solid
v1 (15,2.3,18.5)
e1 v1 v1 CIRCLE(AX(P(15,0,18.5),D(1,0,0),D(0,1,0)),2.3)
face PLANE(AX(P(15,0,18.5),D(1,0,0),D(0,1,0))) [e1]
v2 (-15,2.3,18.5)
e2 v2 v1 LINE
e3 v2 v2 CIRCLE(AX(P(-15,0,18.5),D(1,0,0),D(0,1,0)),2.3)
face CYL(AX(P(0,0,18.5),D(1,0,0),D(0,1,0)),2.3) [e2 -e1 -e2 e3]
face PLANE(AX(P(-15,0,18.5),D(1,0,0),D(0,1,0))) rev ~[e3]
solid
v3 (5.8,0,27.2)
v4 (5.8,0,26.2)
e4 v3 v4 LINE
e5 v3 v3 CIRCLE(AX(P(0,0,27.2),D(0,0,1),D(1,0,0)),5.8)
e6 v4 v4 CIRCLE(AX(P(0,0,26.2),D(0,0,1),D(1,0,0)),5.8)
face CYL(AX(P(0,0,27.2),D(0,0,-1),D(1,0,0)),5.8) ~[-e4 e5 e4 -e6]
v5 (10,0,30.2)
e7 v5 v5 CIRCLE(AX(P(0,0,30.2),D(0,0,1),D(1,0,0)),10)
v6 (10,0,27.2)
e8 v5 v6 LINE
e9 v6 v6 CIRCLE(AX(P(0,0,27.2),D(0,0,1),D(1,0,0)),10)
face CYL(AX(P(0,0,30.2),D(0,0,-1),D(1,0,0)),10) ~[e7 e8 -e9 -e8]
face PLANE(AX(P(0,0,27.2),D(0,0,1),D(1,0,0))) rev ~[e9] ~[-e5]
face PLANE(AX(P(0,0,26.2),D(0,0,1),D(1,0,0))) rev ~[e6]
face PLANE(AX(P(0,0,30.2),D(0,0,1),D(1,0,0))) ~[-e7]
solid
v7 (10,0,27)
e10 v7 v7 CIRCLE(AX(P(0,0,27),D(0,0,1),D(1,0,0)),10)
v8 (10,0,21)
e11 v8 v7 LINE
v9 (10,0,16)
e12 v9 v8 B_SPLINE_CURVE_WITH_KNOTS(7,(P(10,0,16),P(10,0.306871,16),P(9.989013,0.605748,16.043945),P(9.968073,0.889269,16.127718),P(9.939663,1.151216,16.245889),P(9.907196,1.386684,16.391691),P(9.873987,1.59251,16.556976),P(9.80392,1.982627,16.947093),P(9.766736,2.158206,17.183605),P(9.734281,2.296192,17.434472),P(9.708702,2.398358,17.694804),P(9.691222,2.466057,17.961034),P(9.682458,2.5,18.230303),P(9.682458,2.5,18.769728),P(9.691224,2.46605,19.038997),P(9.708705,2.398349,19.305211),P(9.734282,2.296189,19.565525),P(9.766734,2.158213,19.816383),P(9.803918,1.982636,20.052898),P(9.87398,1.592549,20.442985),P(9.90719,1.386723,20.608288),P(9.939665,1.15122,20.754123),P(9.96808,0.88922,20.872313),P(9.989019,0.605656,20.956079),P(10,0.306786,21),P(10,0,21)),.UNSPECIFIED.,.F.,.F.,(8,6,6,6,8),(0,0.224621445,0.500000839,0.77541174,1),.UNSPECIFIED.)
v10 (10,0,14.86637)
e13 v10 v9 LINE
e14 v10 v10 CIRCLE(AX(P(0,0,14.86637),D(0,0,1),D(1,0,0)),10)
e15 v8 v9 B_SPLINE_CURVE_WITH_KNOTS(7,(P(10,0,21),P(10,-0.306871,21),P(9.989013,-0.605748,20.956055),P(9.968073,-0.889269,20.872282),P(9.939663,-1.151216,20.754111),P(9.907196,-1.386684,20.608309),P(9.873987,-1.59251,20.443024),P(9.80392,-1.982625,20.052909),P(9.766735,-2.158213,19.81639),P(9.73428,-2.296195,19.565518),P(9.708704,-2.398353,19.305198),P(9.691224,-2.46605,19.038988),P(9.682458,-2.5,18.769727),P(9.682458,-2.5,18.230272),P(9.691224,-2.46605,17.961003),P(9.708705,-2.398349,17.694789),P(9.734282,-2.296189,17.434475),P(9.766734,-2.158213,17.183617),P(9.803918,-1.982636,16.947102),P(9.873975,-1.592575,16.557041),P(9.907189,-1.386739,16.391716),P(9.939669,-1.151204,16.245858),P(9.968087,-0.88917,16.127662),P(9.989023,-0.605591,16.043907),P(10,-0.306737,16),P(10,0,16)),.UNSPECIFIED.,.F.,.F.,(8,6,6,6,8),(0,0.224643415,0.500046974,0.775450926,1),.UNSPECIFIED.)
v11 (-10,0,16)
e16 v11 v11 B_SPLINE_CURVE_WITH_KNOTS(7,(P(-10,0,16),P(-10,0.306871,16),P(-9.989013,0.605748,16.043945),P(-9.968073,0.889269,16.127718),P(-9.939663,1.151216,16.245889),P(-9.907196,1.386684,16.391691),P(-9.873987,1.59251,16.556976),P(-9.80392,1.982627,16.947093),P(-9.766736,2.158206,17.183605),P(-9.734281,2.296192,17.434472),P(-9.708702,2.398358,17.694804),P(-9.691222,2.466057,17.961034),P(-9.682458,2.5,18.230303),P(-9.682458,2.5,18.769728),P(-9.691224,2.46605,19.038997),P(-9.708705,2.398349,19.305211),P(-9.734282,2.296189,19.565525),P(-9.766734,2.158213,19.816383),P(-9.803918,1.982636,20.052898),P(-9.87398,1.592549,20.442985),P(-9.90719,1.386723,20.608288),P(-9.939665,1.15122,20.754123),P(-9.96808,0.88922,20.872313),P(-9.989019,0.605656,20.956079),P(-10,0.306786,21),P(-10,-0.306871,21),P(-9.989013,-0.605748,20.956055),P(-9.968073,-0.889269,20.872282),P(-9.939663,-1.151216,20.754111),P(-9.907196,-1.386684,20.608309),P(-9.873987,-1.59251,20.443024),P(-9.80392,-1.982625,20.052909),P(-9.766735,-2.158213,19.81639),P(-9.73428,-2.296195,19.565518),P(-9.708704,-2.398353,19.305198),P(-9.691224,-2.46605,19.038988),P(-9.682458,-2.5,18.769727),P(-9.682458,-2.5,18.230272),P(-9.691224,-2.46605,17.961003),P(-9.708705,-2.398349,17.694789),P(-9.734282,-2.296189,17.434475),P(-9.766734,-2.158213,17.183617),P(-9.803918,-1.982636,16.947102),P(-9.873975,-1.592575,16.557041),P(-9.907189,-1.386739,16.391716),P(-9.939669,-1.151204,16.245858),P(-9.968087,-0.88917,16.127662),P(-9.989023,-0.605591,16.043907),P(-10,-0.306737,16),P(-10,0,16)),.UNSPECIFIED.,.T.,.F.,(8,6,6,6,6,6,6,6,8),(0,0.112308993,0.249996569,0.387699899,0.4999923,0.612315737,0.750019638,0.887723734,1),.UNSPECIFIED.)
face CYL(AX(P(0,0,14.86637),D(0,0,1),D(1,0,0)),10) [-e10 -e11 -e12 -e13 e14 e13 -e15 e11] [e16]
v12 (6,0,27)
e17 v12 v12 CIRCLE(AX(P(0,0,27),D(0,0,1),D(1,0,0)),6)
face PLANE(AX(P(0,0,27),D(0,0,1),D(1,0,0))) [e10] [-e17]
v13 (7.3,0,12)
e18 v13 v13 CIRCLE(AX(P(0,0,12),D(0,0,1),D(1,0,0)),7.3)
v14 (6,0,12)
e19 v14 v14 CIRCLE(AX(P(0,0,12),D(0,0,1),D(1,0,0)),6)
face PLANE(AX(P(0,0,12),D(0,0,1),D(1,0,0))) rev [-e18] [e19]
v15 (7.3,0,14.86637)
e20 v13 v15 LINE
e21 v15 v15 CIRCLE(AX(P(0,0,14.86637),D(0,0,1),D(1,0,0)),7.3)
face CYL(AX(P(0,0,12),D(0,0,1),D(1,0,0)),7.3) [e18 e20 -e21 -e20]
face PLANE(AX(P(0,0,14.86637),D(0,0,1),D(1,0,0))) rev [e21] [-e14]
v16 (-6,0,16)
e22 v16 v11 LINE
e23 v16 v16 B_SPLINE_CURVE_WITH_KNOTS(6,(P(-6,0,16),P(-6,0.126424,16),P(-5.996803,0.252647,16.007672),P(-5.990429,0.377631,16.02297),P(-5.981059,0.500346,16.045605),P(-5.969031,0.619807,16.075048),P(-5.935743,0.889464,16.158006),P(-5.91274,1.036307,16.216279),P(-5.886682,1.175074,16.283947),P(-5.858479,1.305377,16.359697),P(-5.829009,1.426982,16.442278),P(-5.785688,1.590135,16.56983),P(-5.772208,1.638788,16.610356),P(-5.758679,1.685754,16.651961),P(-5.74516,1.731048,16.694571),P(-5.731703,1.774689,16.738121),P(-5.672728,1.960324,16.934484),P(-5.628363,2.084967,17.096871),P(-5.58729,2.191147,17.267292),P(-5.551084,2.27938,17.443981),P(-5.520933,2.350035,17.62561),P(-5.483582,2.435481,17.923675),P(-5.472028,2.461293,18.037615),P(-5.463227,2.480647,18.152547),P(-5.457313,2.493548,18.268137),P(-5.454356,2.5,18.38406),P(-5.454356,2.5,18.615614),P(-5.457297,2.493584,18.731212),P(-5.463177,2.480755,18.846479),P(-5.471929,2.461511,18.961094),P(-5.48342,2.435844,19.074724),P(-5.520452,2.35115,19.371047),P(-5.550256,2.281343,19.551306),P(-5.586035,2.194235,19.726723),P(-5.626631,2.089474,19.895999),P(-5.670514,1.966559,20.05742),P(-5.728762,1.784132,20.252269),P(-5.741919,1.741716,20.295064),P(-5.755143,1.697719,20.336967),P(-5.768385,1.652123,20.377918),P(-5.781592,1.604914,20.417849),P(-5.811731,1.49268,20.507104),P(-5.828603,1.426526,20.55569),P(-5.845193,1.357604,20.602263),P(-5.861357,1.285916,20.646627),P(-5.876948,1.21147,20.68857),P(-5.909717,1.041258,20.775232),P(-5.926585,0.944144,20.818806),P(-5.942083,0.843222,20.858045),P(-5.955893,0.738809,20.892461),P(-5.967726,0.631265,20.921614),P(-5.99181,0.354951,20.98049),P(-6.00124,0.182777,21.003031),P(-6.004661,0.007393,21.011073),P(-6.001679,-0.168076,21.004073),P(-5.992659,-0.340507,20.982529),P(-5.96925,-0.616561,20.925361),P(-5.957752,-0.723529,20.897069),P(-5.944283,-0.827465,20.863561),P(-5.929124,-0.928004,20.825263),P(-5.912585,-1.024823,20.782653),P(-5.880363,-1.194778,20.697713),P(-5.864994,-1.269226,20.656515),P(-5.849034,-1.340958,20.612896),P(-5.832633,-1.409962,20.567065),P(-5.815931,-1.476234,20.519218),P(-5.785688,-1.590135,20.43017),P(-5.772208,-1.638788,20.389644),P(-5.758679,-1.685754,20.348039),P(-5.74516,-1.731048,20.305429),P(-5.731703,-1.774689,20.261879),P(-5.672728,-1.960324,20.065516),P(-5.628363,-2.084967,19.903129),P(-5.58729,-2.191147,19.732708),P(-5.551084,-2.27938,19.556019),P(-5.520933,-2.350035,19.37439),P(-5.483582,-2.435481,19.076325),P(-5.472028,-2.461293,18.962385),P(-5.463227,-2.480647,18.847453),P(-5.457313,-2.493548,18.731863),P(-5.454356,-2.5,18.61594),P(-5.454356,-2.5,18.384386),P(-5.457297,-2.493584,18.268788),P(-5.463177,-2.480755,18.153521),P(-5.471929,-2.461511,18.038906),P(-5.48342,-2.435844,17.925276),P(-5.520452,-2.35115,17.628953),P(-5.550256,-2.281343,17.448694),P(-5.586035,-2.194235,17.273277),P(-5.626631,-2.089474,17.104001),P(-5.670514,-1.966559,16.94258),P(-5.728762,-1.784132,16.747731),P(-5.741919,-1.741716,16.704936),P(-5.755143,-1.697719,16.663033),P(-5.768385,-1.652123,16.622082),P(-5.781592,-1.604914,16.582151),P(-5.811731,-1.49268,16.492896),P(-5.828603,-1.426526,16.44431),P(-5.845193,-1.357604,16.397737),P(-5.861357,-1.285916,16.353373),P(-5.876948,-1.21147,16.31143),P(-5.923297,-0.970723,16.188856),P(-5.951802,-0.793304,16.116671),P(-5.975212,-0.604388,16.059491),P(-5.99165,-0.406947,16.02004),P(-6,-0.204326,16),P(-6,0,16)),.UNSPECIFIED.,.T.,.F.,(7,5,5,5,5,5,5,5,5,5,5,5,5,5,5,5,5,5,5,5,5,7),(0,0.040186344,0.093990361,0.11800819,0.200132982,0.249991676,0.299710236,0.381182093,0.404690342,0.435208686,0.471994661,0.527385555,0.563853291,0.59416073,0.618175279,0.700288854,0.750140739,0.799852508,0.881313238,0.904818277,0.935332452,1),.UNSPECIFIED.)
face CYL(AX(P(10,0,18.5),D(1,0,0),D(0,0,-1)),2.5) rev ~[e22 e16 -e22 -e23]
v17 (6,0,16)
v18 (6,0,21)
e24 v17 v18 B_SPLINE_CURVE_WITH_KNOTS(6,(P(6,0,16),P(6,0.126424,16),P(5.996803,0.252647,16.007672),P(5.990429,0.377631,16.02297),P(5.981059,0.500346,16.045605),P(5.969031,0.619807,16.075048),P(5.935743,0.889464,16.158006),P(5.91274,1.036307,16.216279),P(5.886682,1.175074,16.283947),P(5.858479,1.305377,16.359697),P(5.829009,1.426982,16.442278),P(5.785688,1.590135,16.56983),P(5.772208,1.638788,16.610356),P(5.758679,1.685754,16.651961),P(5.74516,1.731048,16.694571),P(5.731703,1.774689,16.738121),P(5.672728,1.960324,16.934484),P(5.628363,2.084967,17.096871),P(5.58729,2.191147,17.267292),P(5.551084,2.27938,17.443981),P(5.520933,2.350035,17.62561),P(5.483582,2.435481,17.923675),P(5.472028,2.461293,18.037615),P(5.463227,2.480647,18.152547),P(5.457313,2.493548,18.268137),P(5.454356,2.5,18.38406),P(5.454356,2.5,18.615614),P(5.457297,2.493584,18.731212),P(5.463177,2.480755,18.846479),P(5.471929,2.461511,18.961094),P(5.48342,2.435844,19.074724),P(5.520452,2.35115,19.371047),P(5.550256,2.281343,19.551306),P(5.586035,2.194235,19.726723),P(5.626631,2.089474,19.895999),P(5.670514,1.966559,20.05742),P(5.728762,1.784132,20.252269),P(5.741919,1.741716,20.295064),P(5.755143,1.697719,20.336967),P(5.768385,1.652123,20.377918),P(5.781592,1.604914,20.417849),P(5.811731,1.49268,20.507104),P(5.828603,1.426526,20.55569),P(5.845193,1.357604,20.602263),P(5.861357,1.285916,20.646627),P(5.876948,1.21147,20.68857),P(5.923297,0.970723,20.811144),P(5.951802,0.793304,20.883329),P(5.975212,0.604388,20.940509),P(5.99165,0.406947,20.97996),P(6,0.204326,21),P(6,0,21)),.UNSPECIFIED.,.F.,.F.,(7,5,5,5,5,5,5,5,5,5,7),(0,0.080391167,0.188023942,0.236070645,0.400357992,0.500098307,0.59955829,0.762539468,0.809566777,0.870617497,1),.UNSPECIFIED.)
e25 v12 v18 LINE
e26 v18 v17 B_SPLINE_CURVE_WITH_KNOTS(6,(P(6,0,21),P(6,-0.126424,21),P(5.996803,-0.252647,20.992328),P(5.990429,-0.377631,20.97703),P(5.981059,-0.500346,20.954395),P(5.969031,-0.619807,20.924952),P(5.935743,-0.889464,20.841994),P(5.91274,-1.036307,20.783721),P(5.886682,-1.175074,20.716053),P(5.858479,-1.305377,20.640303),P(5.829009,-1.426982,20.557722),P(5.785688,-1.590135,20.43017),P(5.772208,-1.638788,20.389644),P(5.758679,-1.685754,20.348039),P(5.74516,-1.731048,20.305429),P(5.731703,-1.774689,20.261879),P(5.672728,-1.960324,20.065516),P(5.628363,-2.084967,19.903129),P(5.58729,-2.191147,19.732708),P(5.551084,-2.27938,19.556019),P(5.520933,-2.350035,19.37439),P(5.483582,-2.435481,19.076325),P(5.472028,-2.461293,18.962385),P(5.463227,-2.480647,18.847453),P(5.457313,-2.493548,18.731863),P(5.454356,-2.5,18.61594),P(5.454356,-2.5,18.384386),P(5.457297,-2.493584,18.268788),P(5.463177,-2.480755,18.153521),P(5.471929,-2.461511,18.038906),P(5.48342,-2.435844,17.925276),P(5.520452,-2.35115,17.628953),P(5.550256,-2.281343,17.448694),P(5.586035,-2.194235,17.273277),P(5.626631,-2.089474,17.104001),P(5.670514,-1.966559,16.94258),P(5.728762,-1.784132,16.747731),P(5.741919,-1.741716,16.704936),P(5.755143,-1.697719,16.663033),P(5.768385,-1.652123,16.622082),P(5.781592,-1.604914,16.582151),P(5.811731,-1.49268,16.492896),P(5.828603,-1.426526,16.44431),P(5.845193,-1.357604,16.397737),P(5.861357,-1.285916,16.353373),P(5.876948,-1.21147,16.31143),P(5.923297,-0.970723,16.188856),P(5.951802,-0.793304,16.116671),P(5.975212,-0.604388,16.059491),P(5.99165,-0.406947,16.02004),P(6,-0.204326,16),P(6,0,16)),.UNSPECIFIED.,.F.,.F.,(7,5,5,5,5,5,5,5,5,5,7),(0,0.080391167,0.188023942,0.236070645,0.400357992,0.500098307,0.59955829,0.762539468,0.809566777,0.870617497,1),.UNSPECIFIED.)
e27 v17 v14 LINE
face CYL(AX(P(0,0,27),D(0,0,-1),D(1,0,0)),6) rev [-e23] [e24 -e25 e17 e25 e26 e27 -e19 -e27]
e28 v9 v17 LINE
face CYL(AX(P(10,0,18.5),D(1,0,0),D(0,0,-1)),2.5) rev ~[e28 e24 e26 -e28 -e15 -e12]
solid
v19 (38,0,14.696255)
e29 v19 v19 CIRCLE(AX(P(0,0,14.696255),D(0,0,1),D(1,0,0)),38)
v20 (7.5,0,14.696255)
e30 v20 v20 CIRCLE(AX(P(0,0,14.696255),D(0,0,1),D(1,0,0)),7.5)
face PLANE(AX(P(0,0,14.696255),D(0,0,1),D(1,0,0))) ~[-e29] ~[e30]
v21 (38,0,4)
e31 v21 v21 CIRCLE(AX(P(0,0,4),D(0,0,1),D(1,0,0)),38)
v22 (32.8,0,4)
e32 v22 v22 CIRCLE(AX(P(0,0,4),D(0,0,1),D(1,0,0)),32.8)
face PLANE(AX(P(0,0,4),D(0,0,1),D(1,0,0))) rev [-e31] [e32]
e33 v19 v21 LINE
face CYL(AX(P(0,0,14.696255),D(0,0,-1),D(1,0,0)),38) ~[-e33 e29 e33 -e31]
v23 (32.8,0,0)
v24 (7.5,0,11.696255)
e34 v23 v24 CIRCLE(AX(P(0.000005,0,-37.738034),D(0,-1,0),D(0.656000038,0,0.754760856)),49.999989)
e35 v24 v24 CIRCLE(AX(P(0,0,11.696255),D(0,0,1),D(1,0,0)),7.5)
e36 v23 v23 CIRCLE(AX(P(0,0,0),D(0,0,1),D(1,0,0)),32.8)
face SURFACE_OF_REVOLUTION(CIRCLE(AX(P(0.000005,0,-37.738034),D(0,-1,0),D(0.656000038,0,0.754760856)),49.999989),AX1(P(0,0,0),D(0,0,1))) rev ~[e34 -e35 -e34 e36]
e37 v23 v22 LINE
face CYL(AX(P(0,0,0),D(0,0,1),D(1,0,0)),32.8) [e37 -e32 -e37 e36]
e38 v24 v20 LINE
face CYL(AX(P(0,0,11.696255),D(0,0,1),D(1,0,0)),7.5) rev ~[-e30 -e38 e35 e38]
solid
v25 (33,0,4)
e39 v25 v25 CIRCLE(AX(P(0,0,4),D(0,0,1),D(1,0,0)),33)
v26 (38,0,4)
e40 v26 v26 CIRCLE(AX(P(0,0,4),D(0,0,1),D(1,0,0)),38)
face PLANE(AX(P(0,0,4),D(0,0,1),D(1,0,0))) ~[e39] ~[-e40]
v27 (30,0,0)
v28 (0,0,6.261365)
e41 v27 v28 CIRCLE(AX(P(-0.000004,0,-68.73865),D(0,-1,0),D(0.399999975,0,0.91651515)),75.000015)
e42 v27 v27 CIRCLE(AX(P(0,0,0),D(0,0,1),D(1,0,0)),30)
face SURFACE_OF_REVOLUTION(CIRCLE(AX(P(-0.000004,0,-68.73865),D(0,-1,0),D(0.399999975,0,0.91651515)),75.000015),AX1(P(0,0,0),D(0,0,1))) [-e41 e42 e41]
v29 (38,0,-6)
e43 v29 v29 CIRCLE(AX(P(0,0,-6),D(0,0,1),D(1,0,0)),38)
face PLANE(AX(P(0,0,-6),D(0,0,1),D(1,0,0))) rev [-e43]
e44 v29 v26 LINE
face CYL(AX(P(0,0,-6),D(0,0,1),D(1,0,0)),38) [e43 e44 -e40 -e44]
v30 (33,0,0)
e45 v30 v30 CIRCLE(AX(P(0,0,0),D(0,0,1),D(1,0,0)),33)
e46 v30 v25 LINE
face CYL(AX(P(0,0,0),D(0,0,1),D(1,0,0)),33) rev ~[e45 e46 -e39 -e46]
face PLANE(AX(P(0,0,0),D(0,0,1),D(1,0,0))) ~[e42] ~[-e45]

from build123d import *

# Parameters (mm, degrees)
SKETCH003_R  = 2.5
POCKET_DEPTH = 50
SKETCH004_R  = 2.3
PAD_DEPTH    = 15


with BuildPart() as body:
    # Sketch → Revolution (revolve)
    with BuildSketch(Plane.XZ):
        with BuildLine():
            ThreePointArc((30, 0), (15.323223, 4.679338), (0, 6.261365))
            Line((0, 6.261365), (0, -6))
            Line((0, -6), (38, -6))
            Line((38, -6), (38, 4))
            Line((33, 4), (38, 4))
            Line((33, 0), (33, 4))
            Line((30, 0), (33, 0))
        make_face()
    revolve(axis=Axis((0, 0, 0), (0, 0, 1)))


with BuildPart() as body001:
    # Sketch001 → Revolution001 (revolve)
    with BuildSketch(Plane.XZ):
        with BuildLine():
            ThreePointArc((32.8, 0), (20.981494, 7.646721), (7.5, 11.696255))
            Line((7.5, 11.696255), (7.5, 14.696255))
            Line((7.5, 14.696255), (38, 14.696255))
            Line((38, 14.696255), (38, 4))
            Line((32.8, 4), (38, 4))
            Line((32.8, 0), (32.8, 4))
        make_face()
    revolve(axis=Axis((0, 0, 0), (0, 0, 1)))


with BuildPart() as body002:
    # Sketch002 → Revolution002 (revolve)
    with BuildSketch(Plane.XZ):
        Polygon((6, 27), (6, 12), (7.3, 12), (7.3, 14.86637), (10, 14.86637), (10, 27), align=None)
    revolve(axis=Axis((0, 0, 0), (0, 0, 1)))

    # Sketch003 (on DatumPlane) → Pocket (cut)
    with BuildSketch(Plane(origin=(10, 0, 27), x_dir=(0, 0, -1), z_dir=(1, 0, 0))):
        with Locations((8.5, 0)):
            Circle(SKETCH003_R)
    extrude(amount=-POCKET_DEPTH, mode=Mode.SUBTRACT)


with BuildPart() as body003:
    # Sketch004 → Pad (new body, symmetric)
    with BuildSketch(Plane.YZ):
        with Locations((0, 18.5)):
            Circle(SKETCH004_R)
    extrude(amount=PAD_DEPTH, both=True)


with BuildPart() as body004:
    # Sketch005 → Revolution003 (revolve)
    with BuildSketch(Plane.XZ):
        Polygon((0, 26.2), (0, 30.2), (10, 30.2), (10, 27.2), (5.8, 27.2), (5.8, 26.2), align=None)
    revolve(axis=Axis((0, 0, 0), (0, 0, 1)))


solid = Compound([body.part, body001.part, body002.part, body003.part, body004.part])
